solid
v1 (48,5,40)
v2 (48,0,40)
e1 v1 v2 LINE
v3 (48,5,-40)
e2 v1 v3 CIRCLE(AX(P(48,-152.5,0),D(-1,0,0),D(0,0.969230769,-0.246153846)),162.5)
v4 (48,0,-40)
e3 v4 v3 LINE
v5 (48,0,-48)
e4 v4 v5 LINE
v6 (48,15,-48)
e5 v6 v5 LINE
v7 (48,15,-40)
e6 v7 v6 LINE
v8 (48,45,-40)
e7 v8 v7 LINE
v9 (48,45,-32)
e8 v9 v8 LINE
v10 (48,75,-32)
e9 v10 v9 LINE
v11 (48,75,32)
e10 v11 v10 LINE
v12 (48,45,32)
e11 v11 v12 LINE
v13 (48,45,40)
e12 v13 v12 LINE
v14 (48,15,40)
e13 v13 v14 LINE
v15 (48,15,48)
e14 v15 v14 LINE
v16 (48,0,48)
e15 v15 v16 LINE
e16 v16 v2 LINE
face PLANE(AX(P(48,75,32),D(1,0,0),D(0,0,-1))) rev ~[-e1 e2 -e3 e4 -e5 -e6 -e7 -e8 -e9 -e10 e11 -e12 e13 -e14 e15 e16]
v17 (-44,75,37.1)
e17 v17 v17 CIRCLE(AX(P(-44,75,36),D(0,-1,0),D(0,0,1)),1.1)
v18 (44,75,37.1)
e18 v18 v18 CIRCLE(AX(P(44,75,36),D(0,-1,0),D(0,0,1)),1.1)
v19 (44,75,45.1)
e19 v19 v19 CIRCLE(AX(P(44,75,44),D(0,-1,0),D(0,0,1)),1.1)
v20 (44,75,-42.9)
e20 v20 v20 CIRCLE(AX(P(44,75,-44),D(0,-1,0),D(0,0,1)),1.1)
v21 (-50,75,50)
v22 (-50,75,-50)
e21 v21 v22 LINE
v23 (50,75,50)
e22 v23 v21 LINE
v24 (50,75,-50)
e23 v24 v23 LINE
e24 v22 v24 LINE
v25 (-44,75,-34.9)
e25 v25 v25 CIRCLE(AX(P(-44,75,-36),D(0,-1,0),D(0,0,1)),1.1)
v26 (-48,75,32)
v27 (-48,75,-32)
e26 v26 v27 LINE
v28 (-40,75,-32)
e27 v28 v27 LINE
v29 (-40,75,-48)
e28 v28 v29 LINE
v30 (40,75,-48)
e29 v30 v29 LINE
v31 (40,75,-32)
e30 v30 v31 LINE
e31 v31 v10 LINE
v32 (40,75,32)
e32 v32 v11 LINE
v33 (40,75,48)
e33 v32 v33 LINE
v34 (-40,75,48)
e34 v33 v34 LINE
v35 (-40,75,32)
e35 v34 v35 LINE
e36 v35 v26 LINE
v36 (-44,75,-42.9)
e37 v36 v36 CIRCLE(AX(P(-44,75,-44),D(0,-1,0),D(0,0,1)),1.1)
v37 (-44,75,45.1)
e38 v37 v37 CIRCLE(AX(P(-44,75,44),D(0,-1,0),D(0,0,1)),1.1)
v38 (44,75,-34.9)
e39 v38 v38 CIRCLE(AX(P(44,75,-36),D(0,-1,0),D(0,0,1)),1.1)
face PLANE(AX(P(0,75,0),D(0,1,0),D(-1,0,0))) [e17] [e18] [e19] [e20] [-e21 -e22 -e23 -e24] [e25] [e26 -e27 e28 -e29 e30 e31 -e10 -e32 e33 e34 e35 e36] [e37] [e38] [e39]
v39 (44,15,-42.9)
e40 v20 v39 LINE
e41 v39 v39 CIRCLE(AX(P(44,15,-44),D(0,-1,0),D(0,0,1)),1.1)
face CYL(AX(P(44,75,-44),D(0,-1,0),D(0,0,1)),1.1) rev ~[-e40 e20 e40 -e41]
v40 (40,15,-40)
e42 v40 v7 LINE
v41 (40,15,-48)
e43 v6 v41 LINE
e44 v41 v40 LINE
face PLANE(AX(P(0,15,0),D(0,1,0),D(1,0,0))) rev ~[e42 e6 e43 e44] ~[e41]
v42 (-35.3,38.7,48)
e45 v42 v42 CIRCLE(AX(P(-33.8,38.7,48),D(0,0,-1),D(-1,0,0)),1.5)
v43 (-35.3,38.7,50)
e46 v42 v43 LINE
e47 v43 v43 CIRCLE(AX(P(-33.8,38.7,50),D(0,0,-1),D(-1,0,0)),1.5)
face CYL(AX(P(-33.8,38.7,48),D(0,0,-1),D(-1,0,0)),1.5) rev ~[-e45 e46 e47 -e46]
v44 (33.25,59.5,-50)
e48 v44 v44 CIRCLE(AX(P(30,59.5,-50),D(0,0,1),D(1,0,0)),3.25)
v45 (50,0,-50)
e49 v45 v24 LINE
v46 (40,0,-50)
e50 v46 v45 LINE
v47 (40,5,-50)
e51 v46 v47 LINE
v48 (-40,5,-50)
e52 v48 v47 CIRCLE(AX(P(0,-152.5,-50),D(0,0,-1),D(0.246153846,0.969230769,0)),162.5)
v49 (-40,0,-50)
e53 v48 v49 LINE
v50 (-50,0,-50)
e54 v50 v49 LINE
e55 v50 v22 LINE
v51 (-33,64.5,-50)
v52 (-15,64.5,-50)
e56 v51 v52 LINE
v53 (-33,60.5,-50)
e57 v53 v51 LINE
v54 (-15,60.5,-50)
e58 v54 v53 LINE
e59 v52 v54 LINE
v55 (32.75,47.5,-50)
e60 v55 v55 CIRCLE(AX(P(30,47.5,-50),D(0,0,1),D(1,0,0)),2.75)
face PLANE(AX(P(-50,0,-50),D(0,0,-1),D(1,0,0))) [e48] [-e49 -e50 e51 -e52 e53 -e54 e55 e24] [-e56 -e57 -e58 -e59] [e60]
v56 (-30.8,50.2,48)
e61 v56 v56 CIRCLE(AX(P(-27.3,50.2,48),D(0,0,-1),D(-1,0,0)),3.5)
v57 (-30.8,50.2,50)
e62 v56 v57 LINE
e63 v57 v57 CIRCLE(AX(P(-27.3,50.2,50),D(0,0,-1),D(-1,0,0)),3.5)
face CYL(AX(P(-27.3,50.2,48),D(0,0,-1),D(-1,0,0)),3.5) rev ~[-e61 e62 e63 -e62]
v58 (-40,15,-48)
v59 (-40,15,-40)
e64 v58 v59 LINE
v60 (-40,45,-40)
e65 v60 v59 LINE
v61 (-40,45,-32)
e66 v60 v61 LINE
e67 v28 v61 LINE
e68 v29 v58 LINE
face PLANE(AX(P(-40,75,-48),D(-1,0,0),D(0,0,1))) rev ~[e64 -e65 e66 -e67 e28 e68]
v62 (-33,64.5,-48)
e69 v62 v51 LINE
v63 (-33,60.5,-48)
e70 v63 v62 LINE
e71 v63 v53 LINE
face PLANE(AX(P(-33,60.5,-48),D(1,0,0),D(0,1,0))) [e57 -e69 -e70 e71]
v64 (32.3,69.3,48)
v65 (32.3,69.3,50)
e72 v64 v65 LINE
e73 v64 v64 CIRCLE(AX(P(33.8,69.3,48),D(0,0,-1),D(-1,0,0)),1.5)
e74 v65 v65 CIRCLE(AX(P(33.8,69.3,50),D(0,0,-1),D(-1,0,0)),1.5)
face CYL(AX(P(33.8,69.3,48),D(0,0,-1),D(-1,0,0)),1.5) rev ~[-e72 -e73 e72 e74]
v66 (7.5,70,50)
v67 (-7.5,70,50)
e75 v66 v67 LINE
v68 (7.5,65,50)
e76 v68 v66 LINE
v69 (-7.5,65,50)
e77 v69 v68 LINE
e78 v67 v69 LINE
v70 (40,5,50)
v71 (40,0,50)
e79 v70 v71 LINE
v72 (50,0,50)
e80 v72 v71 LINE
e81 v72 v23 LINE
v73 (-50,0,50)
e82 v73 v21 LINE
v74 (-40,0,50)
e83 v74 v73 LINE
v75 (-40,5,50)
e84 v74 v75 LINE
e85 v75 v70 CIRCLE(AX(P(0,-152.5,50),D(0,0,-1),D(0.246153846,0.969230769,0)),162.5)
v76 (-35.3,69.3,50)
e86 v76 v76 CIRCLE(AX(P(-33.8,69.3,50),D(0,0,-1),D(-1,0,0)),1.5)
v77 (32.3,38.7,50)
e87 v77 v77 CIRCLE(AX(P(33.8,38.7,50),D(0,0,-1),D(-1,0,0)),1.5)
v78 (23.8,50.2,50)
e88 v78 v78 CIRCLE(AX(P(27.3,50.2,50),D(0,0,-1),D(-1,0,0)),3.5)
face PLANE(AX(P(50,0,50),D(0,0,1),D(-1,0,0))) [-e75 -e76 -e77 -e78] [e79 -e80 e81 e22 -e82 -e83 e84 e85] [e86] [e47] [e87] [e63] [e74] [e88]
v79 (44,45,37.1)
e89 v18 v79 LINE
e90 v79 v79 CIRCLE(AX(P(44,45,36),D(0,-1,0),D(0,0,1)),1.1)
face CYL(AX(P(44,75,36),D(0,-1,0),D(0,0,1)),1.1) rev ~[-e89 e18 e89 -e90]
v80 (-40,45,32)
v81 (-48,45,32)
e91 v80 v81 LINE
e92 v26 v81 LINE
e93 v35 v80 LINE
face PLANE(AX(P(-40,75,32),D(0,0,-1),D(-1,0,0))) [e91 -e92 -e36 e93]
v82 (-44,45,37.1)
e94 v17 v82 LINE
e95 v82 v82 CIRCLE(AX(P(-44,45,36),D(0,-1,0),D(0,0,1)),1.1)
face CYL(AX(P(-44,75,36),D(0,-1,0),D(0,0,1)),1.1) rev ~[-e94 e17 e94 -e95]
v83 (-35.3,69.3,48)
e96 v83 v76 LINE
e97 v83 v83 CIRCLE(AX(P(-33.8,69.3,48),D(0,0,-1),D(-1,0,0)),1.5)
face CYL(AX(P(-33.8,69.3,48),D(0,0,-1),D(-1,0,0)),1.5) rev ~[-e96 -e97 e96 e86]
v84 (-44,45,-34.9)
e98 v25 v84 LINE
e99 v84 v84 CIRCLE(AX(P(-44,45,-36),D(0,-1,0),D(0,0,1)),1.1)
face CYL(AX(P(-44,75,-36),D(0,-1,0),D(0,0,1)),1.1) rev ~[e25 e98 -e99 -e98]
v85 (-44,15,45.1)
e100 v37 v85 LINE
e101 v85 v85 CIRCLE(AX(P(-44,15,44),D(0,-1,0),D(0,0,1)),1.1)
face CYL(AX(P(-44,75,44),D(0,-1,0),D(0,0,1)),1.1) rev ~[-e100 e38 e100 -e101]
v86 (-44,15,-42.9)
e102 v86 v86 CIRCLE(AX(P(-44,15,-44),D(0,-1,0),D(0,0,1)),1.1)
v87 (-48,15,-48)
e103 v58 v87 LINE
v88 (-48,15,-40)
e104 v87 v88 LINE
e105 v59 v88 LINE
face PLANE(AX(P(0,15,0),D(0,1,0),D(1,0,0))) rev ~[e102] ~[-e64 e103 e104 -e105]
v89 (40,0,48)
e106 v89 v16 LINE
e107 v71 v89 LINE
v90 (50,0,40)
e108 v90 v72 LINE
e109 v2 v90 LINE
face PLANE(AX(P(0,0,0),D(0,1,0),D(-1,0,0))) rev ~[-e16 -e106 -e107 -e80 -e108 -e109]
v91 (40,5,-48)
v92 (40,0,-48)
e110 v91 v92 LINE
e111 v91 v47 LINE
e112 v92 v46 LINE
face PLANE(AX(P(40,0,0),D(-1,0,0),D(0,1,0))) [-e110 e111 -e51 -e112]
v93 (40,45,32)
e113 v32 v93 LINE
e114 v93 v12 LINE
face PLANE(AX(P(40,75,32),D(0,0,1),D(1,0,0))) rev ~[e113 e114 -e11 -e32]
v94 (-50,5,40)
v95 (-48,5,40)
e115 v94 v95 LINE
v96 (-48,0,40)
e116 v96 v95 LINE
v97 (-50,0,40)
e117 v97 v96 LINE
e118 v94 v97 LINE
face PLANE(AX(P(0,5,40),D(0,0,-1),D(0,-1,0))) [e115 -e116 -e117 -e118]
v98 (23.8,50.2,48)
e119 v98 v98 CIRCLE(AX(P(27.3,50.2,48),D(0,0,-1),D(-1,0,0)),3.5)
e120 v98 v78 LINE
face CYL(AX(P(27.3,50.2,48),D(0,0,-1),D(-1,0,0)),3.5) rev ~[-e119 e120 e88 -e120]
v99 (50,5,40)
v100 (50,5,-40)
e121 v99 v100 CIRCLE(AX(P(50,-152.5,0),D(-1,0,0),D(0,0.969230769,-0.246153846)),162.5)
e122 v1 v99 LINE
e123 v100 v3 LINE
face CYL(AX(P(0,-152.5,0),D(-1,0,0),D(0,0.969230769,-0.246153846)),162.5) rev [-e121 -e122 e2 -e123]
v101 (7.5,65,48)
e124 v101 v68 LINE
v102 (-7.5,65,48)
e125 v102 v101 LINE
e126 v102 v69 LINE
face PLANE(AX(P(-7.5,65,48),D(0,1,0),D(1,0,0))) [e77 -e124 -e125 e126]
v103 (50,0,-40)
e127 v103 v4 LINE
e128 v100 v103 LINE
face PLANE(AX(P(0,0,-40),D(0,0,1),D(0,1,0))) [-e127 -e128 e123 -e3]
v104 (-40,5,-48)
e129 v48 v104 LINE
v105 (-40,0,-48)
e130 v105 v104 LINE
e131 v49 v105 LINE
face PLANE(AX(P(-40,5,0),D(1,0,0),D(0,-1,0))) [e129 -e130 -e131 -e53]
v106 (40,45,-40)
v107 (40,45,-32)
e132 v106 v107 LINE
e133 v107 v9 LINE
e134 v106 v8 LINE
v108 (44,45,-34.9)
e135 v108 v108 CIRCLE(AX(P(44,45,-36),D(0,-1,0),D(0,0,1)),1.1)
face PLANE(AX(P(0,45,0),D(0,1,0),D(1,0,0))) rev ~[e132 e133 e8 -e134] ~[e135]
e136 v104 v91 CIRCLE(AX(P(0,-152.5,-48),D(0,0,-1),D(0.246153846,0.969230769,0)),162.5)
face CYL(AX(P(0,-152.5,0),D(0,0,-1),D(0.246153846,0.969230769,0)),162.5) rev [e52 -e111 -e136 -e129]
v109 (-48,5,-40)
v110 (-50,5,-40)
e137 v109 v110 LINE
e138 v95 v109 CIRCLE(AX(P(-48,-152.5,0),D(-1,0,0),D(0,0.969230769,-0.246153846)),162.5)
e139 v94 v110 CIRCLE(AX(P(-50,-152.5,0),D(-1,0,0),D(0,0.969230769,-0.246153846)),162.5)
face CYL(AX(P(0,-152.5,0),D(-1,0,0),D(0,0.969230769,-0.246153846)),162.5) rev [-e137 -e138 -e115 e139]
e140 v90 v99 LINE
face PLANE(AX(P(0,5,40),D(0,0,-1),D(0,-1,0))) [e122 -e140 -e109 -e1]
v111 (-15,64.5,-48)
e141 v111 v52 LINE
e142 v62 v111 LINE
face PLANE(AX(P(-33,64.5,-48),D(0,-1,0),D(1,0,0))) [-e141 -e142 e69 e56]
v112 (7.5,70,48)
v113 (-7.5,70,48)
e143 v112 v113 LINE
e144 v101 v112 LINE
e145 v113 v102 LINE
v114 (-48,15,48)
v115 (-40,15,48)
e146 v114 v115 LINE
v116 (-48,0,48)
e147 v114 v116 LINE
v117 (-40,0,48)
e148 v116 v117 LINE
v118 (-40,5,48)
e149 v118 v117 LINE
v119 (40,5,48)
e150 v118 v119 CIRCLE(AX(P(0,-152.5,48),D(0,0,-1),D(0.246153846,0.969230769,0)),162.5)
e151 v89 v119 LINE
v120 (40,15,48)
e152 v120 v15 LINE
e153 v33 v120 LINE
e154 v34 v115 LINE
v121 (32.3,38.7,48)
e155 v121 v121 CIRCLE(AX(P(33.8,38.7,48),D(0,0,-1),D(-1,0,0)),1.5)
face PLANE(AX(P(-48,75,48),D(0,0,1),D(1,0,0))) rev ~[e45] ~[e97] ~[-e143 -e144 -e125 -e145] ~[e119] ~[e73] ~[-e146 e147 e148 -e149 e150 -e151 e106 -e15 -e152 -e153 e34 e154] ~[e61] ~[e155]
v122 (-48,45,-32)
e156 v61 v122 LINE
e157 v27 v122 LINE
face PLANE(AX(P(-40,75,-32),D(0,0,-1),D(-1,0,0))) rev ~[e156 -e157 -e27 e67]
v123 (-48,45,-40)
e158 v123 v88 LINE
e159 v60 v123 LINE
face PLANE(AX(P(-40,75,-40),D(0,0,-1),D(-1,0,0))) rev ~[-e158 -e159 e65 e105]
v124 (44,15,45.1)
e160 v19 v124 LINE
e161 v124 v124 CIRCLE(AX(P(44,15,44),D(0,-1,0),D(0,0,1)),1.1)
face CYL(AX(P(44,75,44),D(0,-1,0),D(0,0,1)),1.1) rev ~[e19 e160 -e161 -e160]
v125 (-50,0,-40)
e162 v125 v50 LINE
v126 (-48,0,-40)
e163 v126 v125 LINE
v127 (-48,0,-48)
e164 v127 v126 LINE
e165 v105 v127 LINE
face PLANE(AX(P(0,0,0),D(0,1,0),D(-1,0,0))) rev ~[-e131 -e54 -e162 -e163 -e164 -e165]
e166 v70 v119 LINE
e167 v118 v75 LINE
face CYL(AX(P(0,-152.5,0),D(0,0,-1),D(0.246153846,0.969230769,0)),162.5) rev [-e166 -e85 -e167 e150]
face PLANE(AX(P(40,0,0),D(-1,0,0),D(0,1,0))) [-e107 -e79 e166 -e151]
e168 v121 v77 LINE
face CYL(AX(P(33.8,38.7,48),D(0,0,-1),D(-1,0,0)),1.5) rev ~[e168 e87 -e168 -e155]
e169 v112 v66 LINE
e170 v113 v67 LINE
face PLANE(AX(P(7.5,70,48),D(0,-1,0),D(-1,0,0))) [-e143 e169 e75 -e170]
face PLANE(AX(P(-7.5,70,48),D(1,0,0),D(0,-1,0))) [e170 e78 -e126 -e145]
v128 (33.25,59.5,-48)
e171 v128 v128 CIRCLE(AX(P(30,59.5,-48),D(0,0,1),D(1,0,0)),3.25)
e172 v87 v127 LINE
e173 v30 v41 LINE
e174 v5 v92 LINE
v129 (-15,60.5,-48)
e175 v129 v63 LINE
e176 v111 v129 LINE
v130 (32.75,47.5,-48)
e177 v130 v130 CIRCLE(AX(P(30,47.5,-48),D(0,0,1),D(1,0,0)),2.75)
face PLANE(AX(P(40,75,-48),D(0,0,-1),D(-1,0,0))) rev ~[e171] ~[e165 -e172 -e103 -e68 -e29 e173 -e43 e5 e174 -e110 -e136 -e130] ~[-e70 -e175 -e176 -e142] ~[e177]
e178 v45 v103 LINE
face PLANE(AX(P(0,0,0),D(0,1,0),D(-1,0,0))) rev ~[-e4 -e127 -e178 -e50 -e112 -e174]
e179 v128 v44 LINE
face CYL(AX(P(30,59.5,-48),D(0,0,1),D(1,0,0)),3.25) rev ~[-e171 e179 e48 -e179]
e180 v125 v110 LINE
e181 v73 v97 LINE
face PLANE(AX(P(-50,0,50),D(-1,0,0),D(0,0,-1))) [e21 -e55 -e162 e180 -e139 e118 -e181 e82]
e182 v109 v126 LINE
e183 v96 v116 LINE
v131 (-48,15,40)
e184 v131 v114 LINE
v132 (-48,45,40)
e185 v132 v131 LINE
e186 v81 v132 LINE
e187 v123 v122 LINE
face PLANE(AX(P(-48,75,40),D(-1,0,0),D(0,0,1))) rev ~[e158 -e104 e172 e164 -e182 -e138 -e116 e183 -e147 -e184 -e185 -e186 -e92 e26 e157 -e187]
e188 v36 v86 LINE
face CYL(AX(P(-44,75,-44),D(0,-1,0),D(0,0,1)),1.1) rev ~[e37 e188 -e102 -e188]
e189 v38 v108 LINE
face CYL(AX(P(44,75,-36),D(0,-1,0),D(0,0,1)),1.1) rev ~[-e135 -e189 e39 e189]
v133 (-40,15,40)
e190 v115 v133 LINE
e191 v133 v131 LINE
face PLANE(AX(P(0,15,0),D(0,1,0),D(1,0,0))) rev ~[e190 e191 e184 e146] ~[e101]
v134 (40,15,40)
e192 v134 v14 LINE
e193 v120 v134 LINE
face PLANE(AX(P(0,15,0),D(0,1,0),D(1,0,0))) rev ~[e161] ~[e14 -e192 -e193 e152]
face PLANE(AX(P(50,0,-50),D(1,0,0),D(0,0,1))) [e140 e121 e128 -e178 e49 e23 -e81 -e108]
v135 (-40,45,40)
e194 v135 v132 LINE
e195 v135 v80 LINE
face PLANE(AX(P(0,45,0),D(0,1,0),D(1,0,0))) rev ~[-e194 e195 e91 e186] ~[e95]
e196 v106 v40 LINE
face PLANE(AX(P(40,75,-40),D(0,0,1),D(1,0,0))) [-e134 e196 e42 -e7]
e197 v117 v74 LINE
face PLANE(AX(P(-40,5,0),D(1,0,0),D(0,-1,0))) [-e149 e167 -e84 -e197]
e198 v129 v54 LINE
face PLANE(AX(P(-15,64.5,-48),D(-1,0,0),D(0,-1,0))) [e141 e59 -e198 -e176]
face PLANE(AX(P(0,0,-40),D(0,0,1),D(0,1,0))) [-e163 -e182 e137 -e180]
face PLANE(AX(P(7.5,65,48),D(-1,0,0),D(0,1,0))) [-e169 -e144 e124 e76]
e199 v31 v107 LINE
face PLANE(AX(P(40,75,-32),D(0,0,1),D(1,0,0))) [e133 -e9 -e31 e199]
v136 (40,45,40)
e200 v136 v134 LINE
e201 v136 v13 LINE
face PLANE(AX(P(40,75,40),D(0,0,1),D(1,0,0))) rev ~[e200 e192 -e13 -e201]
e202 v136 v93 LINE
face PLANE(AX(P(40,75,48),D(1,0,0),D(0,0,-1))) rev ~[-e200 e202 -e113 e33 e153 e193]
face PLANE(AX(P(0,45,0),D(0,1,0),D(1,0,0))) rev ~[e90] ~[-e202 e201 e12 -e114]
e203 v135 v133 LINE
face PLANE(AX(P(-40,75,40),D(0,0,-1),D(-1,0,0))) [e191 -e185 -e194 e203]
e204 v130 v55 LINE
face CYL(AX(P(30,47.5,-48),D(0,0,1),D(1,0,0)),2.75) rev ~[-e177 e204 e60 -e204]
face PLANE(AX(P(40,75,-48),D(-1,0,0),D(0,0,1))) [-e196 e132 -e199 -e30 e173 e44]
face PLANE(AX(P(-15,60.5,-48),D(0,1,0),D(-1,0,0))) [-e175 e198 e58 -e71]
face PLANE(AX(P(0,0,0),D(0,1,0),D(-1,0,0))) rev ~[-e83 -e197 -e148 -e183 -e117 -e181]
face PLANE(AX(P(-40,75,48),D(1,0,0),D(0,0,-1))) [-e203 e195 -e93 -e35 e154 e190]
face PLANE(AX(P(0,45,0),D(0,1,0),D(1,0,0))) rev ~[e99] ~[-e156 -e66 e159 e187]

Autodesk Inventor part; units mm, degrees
ref_plane "YZ Plane" through (0, 0, 0) normal (1, 0, 0) x (0, 1, 0)
ref_plane "XZ Plane" through (0, 0, 0) normal (0, 1, 0) x (-1, 0, 0)
ref_plane "XY Plane" through (0, 0, 0) normal (0, 0, 1) x (1, 0, 0)
sketch "Skizze1" plane through (0, 0, 0) normal (0, 1, 0) x (-1, 0, 0)
  line L0 (-50, 50) -> (50, 50)
  line L1 (50, 50) -> (50, -50)
  line L2 (50, -50) -> (-50, -50)
  line L3 (-50, -50) -> (-50, 50)
  line L4 (-50, 50) -> (50, -50) construction
  line L5 (50, 50) -> (-50, -50) construction
  point P0 (0, 0)
  dimension "d0" = 100
  dimension "d1" = 100
extrude "Extrusion1" add sketch "Skizze1" along normal blind 75
sketch "Skizze2" plane through (0, 0, 0) normal (1, 0, 0) x (0, 1, 0)
  line L0 (5, 40) -> (0, 40)
  line L1 (0, 40) -> (0, -40)
  line L2 (0, -40) -> (5, -40)
  arc A0 (5, -40) -> (5, 40) centre (-152.5, 0) ccw
  point P0 (0, 0)
  point P1 (0, 0)
  dimension "d4" = 5
  dimension "d6" = 80
  dimension "d30" = 10
extrude "Extrusion2" cut sketch "Skizze2" along normal through all both and the other way through all
sketch "Skizze3" plane through (0, 0, 0) normal (0, 0, 1) x (1, 0, 0)
  line L0 (-40, 5) -> (-40, 0)
  line L1 (-40, 0) -> (40, 0)
  line L2 (40, 0) -> (40, 5)
  arc A0 (40, 5) -> (-40, 5) centre (0, -152.5) ccw
  point P0 (0, 0)
  point P1 (0, 0)
  point P2 (0, 0)
  dimension "d9" = 5
  dimension "d11" = 80
  dimension "d29" = 10
extrude "Extrusion3" cut sketch "Skizze3" along normal through all both and the other way through all
sketch "Skizze9" plane through (0, 75, 0) normal (0, 1, 0) x (1, 0, 0)
  line L0 (-50, -50) -> (50, -50) projected
  line L1 (50, -50) -> (50, 50) projected
  line L2 (50, 50) -> (-50, 50) projected
  line L3 (-50, 50) -> (-50, -50) projected
  line L4 (-48, -48) -> (48, -48)
  line L5 (48, -48) -> (48, 48)
  line L6 (48, 48) -> (-48, 48)
  line L7 (-48, 48) -> (-48, -48)
  line L8 (-40, 40) -> (-48, 40)
  line L9 (-48, 40) -> (-48, 48)
  line L10 (-48, 48) -> (-40, 48)
  line L11 (-40, 48) -> (-40, 40)
  line L12 (-40, 40) -> (-48, 48) construction
  line L13 (-48, 40) -> (-40, 48) construction
  line L14 (40, 40) -> (48, 40)
  line L15 (48, 40) -> (48, 48)
  line L16 (48, 48) -> (40, 48)
  line L17 (40, 48) -> (40, 40)
  line L18 (40, 40) -> (48, 48) construction
  line L19 (48, 40) -> (40, 48) construction
  line L20 (40, -40) -> (48, -40)
  line L21 (48, -40) -> (48, -48)
  line L22 (48, -48) -> (40, -48)
  line L23 (40, -48) -> (40, -40)
  line L24 (40, -40) -> (48, -48) construction
  line L25 (48, -40) -> (40, -48) construction
  line L26 (40, -32) -> (48, -32)
  line L27 (48, -32) -> (48, -40)
  line L28 (48, -40) -> (40, -40)
  line L29 (40, -40) -> (40, -32)
  line L30 (40, -32) -> (48, -40) construction
  line L31 (48, -32) -> (40, -40) construction
  line L32 (-40, 32) -> (-48, 32)
  line L33 (-48, 32) -> (-48, 40)
  line L34 (-48, 40) -> (-40, 40)
  line L35 (-40, 40) -> (-40, 32)
  line L36 (-40, 32) -> (-48, 40) construction
  line L37 (-48, 32) -> (-40, 40) construction
  line L38 (40, 32) -> (48, 32)
  line L39 (48, 32) -> (48, 40)
  line L40 (48, 40) -> (40, 40)
  line L41 (40, 40) -> (40, 32)
  line L42 (40, 32) -> (48, 40) construction
  line L43 (48, 32) -> (40, 40) construction
  line L44 (-40, -40) -> (-48, -40)
  line L45 (-48, -40) -> (-48, -48)
  line L46 (-48, -48) -> (-40, -48)
  line L47 (-40, -48) -> (-40, -40)
  line L48 (-40, -40) -> (-48, -48) construction
  line L49 (-48, -40) -> (-40, -48) construction
  line L50 (-40, -32) -> (-48, -32)
  line L51 (-48, -32) -> (-48, -40)
  line L52 (-48, -40) -> (-40, -40)
  line L53 (-40, -40) -> (-40, -32)
  line L54 (-40, -32) -> (-48, -40) construction
  line L55 (-48, -32) -> (-40, -40) construction
  point P0 (0, 0)
  point P1 (-44, 44)
  point P2 (44, 44)
  point P3 (44, -44)
  point P4 (44, -36)
  point P5 (-44, 36)
  point P6 (44, 36)
  point P7 (-44, -44)
  point P8 (-44, -36)
  point P9 (-44, 44)
  point P10 (-44, 36)
  point P11 (44, 44)
  point P12 (44, 36)
  point P13 (-44, -36)
  point P14 (-44, -44)
  point P15 (44, -36)
  point P16 (44, -44)
  dimension "d65" = 2
  dimension "d81" = 8
  dimension "d82" = 8
extrude "Extrusion9" cut sketch "Skizze9" against normal through all contours L7 L44 L47 L4 | L47 L53 L50 L7 L32 L35 L11 L6 L17 L41 L38 L5 L26 L29 L23 L4 | L7 L50 L53 L44 | L23 L20 L5 L4 | L29 L26 L5 L20 | L7 L8 L35 L32 | L7 L6 L11 L8 | L38 L41 L14 L5 | L14 L17 L6 L5
extrude "Extrusion10" add sketch "Skizze9" against normal blind 60 contours L7 L44 L47 L4 | L23 L20 L5 L4 | L7 L6 L11 L8 | L14 L17 L6 L5
extrude "Extrusion11" add sketch "Skizze9" against normal blind 30 contours L7 L50 L53 L44 | L29 L26 L5 L20 | L7 L8 L35 L32 | L38 L41 L14 L5
hole "Bohrung3" at (-44, 75, 44) at (-44, 75, 36) at (-44, 75, -36) at (-44, 75, -44) at (44, 75, -44) at (44, 75, -36) at (44, 75, 36) at (44, 75, 44) direction (0, -1, 0) diameter 2.2 end through all
sketch "Skizze10" plane through (0, -152.5, -48) normal (0, 0, 1) x (1, 0, 0)
  line L0 (-40, 227.5) -> (40, 227.5) projected
  circle A0 centre (30, 212) radius 3.25
  circle A1 centre (30, 200) radius 2.75
  line L1 (-33, 217) -> (-15, 217)
  line L2 (-15, 217) -> (-15, 213)
  line L3 (-15, 213) -> (-33, 213)
  line L4 (-33, 213) -> (-33, 217)
  line L5 (-33, 217) -> (-15, 213) construction
  line L6 (-15, 217) -> (-33, 213) construction
  line L7 (-48, 227.5) -> (-40, 227.5) projected
  line L8 (-48, 197.5) -> (-48, 227.5) projected
  line L9 (-40, 197.5) -> (-48, 197.5) projected
  line L10 (-40, 227.5) -> (-40, 197.5) projected
  line L11 (40, 227.5) -> (48, 227.5) projected
  line L12 (40, 227.5) -> (40, 197.5) projected
  line L13 (48, 197.5) -> (40, 197.5) projected
  line L14 (48, 227.5) -> (48, 197.5) projected
  point P0 (0, 152.5)
  point P1 (-24, 215)
  dimension "d83" = 6.5
  dimension "d84" = 15.5
  dimension "d85" = 18
  dimension "d86" = 5.5
  dimension "d87" = 2.5
  dimension "d89" = 15
  dimension "d90" = 18
  dimension "d91" = 4
  dimension "d92" = 15.5
extrude "Extrusion12" cut sketch "Skizze10" against normal up to surface (2 mm away) contours A0 | A1 | L1 L2 L3 L4
sketch "Skizze8" plane through (0, -142.5, 48) normal (0, 0, -1) x (-1, 0, 0)
  line L0 (-40, 217.5) -> (40, 217.5) projected
  line L1 (-7.5, 212.5) -> (7.5, 212.5)
  line L2 (7.5, 212.5) -> (7.5, 207.5)
  line L3 (7.5, 207.5) -> (-7.5, 207.5)
  line L4 (-7.5, 207.5) -> (-7.5, 212.5)
  circle A0 centre (27.3, 192.7) radius 3.4544 projected
  circle A1 centre (-27.3, 192.7) radius 3.5
  circle A2 centre (27.3, 192.7) radius 3.5
  circle A3 centre (-27.3, 192.7) radius 3.4544 projected
  circle A4 centre (-33.8, 211.8) radius 1.1 projected
  circle A5 centre (-33.8, 181.2) radius 1.1 projected
  circle A6 centre (33.8, 211.8) radius 1.1 projected
  circle A7 centre (33.8, 181.2) radius 1.1 projected
  circle A8 centre (-33.8, 211.8) radius 1.5
  circle A9 centre (33.8, 211.8) radius 1.5
  circle A10 centre (33.8, 181.2) radius 1.5
  circle A11 centre (-33.8, 181.2) radius 1.5
  point P0 (0, 152.5)
  point P1 (0, 212.5)
  point P2 (0, 217.5)
  point P3 (-40, 147.5)
  point P4 (40, 147.5)
  dimension "d57" = 15
  dimension "d58" = 5
  dimension "d59" = 5
  dimension "d60" = 7
  dimension "d61" = 7
  dimension "d64" = 3
extrude "Extrusion8" cut sketch "Skizze8" against normal up to surface (2 mm away) contours L1 L2 L3 L4 | A0 | A1 | A2 | A3 | A4 | A5 | A6 | A7 | A8 | A9 | A10 | A11
properties part number "DayLightGlow_Base"
